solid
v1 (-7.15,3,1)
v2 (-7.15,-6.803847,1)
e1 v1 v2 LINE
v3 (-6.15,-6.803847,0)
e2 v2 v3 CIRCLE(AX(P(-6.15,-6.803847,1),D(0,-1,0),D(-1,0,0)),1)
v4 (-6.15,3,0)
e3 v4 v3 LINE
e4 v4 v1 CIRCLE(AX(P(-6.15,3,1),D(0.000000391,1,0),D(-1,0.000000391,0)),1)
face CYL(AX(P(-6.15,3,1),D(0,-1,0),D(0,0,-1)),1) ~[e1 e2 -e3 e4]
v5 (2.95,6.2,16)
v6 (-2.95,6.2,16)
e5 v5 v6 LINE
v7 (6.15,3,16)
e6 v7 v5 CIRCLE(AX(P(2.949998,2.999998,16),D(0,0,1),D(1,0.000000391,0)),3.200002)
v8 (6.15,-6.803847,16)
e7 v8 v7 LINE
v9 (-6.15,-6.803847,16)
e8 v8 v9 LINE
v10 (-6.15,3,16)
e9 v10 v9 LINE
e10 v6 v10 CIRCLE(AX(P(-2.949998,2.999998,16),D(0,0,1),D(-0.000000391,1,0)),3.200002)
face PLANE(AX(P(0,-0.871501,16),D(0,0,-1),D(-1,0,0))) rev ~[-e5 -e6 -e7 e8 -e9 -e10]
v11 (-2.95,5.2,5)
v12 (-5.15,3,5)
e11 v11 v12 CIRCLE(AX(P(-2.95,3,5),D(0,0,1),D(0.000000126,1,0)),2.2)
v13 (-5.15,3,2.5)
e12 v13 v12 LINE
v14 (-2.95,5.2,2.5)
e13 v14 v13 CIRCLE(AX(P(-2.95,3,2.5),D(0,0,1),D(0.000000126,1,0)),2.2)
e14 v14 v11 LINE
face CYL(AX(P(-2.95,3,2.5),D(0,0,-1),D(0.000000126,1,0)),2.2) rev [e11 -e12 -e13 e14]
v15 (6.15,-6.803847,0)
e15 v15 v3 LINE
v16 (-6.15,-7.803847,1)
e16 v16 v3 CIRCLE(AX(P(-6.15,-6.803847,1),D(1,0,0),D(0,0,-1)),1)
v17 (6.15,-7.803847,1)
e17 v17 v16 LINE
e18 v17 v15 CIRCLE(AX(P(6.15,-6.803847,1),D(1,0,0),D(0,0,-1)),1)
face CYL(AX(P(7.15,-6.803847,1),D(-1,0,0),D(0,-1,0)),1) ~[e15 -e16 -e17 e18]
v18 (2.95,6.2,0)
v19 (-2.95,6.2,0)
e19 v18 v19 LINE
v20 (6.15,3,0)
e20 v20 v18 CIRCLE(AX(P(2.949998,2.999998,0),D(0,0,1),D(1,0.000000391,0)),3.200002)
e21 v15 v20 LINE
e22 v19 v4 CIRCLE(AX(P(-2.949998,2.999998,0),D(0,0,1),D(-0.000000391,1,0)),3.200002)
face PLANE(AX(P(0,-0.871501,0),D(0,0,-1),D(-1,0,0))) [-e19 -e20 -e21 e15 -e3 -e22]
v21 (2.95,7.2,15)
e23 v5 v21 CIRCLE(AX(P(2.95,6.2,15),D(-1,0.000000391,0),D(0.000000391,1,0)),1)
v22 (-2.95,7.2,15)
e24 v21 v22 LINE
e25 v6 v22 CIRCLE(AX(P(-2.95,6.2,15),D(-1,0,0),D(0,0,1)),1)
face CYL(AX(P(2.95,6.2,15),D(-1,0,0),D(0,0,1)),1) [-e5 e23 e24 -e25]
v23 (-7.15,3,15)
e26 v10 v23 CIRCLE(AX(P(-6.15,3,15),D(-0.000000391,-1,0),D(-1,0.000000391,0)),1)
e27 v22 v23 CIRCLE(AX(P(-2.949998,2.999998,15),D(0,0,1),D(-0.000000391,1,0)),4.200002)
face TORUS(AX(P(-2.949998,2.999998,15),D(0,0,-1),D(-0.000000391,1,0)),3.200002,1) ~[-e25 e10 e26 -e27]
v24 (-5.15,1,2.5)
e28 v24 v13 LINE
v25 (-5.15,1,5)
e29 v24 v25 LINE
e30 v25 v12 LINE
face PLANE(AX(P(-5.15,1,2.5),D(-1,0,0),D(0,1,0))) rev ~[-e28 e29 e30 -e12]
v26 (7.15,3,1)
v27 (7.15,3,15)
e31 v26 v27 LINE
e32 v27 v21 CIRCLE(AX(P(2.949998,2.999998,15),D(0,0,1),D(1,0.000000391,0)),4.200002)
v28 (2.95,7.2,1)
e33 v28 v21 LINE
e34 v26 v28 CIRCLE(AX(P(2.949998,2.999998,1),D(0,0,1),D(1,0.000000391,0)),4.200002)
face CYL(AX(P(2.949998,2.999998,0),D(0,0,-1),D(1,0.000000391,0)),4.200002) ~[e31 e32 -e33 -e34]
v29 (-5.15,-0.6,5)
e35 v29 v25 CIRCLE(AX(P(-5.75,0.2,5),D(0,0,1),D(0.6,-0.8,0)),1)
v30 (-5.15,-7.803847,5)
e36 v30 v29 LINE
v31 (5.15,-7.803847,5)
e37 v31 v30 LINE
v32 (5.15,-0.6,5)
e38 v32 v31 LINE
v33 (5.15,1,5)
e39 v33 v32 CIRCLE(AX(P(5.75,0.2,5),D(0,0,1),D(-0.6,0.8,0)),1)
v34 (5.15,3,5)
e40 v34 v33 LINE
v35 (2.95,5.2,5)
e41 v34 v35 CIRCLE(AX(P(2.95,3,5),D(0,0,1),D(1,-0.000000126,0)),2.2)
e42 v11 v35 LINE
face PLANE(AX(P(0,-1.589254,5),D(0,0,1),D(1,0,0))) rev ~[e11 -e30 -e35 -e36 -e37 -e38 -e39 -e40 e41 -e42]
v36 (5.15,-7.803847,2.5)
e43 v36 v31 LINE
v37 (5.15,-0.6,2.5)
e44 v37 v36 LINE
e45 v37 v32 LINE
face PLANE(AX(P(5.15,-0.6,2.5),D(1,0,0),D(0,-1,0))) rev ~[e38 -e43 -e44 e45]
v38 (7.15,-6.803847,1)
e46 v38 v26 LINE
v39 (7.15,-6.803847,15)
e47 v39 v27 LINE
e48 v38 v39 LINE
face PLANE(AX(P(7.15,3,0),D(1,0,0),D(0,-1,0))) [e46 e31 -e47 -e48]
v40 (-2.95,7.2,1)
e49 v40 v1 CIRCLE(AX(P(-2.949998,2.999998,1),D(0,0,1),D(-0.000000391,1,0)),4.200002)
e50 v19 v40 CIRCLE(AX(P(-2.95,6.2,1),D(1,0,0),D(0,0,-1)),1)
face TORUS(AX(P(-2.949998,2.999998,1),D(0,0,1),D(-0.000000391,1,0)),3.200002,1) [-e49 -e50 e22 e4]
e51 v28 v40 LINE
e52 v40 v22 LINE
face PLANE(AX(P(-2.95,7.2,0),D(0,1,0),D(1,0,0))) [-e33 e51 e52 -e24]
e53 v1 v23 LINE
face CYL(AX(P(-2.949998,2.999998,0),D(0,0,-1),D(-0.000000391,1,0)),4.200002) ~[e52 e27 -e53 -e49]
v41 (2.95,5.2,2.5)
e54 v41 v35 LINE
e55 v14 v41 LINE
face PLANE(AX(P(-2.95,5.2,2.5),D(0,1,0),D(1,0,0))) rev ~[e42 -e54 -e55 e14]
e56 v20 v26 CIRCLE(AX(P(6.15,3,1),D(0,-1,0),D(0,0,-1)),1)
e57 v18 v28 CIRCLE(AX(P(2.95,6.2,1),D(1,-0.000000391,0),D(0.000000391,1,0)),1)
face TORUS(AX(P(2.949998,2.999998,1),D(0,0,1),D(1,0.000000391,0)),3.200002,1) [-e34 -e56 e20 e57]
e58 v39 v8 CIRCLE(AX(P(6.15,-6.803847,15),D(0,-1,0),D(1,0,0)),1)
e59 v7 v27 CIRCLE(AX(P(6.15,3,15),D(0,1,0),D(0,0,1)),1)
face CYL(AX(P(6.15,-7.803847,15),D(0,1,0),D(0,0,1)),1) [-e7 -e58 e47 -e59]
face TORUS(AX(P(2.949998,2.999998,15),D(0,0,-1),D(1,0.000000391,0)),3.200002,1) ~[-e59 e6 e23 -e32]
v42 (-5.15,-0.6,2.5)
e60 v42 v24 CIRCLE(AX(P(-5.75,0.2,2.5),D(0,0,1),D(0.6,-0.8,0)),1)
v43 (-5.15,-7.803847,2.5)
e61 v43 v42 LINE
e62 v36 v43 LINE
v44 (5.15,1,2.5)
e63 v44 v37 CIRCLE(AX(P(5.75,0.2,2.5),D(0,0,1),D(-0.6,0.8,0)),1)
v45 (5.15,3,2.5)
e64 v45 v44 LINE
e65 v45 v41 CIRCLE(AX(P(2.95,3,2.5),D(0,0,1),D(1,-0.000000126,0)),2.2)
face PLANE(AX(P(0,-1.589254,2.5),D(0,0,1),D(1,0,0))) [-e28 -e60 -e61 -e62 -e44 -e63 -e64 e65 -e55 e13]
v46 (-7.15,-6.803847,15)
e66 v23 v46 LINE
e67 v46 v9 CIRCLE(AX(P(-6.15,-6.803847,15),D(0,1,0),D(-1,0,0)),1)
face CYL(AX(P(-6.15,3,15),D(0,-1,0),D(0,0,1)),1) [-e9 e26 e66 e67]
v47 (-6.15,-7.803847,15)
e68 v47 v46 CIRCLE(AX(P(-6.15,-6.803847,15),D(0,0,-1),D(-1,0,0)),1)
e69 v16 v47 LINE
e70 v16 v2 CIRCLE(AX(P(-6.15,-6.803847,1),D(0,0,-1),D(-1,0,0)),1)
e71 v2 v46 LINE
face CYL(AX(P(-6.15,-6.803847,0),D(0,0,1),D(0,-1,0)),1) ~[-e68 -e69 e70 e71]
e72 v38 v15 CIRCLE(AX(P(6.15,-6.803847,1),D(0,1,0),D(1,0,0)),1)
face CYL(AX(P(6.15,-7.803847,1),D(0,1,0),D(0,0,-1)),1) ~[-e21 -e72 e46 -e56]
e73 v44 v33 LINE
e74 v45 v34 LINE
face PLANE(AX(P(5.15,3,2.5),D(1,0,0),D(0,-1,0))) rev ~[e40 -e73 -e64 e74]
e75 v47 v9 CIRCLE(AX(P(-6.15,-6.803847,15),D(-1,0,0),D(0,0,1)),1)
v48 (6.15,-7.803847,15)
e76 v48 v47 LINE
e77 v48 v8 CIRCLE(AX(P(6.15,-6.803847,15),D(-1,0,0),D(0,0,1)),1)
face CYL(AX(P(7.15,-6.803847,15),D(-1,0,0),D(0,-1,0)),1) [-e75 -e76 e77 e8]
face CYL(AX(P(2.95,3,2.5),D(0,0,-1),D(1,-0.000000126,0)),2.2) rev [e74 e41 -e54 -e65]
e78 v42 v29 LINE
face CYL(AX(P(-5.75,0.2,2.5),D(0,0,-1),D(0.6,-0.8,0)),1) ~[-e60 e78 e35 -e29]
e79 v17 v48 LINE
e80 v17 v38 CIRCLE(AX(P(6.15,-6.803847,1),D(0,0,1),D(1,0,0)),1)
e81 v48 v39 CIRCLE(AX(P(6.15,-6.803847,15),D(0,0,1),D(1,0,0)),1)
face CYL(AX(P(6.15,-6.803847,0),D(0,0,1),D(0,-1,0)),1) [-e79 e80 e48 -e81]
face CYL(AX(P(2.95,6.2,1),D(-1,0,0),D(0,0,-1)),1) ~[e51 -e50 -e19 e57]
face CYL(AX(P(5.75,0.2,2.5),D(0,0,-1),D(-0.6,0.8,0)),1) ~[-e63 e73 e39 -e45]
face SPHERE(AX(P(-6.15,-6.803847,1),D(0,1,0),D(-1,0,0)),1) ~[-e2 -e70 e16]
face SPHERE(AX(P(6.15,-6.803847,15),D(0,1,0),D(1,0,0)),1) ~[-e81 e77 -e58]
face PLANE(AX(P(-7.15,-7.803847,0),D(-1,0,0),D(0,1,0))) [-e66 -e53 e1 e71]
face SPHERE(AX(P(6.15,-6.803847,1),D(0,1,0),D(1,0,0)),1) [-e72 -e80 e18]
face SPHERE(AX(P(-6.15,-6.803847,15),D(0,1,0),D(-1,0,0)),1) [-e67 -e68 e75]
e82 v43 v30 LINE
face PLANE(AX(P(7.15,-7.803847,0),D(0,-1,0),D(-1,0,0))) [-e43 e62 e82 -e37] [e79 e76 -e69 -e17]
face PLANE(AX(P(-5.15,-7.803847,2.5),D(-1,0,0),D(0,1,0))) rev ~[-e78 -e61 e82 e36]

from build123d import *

# Parameters (mm, degrees)
PAD002_DEPTH = 16
POCKET_DEPTH = 2.5
FILLET001_R  = 1


with BuildPart() as part:
    # Sketch003 → Pad002 (new body)
    with BuildSketch(Plane.XY):
        with BuildLine():
            Line((7.15, -7.803847), (-7.15, -7.803847))
            Line((-7.15, -7.803847), (-7.15, 3))
            ThreePointArc((-2.95, 7.2), (-5.919848, 5.969848), (-7.15, 3))
            Line((-2.95, 7.2), (2.95, 7.2))
            ThreePointArc((7.15, 3), (5.919848, 5.969848), (2.95, 7.2))
            Line((7.15, 3), (7.15, -7.803847))
        make_face()
    extrude(amount=PAD002_DEPTH)

    # Sketch004 → Pocket (cut)
    with BuildSketch(Plane.XY.offset(2.5)):
        with BuildLine():
            ThreePointArc((-2.95, 5.2), (-4.505635, 4.555635), (-5.15, 3))
            Line((-5.15, 1), (-5.15, 3))
            ThreePointArc((-5.15, -0.6), (-4.75, 0.2), (-5.15, 1))
            Line((-5.15, -7.803847), (-5.15, -0.6))
            Line((5.15, -7.803847), (-5.15, -7.803847))
            Line((5.15, -0.6), (5.15, -7.803847))
            ThreePointArc((5.15, 1), (4.75, 0.2), (5.15, -0.6))
            Line((5.15, 3), (5.15, 1))
            ThreePointArc((5.15, 3), (4.505635, 4.555635), (2.95, 5.2))
            Line((-2.95, 5.2), (2.95, 5.2))
        make_face()
    extrude(amount=POCKET_DEPTH, mode=Mode.SUBTRACT)

    # Fillet001
    fillet001_edges = [part.edges().sort_by_distance(p)[0] for p in [
        (-5.919848, 5.969848, 0),
        (-5.919848, 5.969848, 16),
        (-7.15, -7.803847, 8),
        (7.15, -7.803847, 8),
        (0, -7.803847, 16),
        (0, -7.803847, 0),
    ]]
    fillet(fillet001_edges, radius=FILLET001_R)


solid = part.part
